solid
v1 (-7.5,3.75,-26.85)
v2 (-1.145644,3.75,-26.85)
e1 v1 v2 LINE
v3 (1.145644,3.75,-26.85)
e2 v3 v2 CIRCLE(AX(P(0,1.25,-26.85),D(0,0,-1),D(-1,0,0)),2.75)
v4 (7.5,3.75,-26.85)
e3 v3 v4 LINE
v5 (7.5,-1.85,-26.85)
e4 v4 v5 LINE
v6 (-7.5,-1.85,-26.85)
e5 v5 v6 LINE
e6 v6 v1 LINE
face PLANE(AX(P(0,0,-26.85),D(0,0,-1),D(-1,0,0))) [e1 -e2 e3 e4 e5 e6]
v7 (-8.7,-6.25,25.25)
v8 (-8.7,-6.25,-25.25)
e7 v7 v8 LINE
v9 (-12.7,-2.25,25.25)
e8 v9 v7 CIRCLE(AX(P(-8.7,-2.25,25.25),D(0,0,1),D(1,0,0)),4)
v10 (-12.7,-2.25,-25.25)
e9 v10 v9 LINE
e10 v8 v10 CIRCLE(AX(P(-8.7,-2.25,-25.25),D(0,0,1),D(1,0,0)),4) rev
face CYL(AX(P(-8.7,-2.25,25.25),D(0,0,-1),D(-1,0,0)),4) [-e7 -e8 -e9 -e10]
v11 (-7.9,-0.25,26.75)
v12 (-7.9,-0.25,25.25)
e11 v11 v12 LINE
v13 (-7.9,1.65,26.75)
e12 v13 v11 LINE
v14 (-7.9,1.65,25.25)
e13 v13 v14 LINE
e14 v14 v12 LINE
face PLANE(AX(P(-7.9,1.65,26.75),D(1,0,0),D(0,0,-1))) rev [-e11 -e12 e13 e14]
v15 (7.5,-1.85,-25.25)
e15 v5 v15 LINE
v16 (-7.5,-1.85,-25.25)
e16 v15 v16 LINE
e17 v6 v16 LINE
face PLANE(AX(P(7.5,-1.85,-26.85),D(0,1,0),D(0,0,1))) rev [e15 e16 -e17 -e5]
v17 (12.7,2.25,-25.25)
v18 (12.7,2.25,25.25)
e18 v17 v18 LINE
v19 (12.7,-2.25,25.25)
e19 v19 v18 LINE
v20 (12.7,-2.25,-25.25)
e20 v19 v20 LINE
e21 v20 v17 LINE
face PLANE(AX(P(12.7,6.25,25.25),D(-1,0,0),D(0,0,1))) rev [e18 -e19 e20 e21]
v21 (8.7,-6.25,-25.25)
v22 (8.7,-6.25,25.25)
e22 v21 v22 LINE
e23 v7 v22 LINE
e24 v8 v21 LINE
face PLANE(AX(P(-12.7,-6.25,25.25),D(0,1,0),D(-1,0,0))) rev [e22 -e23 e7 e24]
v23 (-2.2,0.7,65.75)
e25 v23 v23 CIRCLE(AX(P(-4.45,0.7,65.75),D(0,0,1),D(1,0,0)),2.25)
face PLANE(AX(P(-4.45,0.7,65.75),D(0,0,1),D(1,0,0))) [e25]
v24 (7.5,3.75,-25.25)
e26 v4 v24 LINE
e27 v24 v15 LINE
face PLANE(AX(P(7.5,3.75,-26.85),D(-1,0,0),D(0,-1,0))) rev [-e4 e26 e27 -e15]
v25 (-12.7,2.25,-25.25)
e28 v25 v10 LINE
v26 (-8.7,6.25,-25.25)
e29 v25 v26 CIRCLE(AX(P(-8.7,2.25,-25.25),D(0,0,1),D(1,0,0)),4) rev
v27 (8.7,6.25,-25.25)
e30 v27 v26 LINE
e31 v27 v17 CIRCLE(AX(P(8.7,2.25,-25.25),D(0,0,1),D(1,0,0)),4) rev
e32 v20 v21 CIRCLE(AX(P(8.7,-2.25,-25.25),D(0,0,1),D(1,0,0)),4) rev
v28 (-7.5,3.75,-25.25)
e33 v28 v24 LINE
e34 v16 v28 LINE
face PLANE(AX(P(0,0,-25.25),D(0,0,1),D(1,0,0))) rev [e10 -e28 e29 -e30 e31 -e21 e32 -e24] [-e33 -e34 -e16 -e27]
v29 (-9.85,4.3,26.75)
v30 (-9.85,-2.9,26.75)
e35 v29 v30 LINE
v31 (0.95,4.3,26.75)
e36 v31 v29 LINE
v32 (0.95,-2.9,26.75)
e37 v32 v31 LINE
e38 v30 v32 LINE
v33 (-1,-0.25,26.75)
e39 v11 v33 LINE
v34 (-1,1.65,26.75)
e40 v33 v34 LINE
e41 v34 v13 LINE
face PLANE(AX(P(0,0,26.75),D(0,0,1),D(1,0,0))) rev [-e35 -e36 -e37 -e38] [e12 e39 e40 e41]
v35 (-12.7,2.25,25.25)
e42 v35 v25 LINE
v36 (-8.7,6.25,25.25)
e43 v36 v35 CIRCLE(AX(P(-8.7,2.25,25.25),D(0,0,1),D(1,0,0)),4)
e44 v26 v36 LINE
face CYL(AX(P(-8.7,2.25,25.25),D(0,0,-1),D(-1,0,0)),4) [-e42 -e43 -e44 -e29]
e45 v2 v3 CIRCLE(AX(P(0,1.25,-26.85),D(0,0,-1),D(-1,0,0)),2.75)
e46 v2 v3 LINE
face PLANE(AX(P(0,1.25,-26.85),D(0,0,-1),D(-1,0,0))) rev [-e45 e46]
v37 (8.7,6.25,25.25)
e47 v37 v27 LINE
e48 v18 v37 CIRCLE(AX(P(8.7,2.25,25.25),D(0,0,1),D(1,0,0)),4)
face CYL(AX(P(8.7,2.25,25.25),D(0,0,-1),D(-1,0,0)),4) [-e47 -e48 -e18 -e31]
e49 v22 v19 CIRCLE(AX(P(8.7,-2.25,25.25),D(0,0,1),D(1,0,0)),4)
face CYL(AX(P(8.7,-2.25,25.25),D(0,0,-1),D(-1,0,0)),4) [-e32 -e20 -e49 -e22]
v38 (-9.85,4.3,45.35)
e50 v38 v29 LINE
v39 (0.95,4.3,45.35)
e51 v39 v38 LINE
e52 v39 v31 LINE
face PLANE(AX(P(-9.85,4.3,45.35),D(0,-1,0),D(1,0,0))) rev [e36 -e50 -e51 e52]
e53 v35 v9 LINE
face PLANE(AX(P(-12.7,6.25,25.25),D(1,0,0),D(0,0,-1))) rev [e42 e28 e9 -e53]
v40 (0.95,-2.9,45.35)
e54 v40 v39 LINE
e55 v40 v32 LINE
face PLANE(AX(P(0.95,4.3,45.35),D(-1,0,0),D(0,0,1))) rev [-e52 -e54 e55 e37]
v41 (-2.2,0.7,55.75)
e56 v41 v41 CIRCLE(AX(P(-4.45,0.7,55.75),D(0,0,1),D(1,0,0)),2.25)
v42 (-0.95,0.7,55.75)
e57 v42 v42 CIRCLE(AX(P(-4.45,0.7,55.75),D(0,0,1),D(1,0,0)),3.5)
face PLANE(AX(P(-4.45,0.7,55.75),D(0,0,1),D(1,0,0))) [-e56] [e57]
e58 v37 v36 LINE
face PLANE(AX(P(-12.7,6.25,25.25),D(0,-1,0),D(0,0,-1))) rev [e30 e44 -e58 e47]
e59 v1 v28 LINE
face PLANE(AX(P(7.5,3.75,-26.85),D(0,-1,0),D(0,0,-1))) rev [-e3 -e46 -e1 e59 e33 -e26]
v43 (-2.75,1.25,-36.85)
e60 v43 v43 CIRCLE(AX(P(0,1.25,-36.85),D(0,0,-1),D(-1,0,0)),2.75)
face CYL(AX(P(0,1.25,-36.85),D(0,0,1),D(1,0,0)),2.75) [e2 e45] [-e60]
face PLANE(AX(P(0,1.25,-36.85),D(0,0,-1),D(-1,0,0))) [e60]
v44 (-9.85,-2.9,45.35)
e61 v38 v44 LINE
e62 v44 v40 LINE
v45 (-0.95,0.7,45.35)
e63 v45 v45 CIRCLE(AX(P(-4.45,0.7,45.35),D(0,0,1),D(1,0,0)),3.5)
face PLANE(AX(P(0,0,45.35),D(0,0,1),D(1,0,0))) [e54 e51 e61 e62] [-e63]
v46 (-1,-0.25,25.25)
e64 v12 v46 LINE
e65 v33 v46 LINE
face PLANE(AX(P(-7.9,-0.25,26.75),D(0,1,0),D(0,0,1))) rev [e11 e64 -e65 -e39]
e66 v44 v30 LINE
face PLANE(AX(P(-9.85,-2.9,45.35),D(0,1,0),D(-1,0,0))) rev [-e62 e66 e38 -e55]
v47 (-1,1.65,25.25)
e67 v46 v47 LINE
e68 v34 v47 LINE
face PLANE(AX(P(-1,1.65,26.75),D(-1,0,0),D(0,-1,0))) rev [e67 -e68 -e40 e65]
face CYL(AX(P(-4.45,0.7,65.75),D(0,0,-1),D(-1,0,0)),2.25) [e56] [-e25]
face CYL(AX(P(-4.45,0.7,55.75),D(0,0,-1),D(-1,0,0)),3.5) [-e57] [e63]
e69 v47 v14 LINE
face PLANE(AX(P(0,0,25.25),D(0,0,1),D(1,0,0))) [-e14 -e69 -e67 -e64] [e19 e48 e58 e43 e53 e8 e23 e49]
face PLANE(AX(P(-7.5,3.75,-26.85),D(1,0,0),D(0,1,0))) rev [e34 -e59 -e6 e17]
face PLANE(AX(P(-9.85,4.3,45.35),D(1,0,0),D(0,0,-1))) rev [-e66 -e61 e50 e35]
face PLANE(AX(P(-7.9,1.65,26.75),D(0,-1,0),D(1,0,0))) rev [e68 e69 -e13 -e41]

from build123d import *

# Parameters (mm, degrees)
ESQUISSE1_W        = 25.4
ESQUISSE1_H        = 12.5
BOSS_EXTRU_1_DEPTH = 25.25
CONG_1_R           = 4
ESQUISSE2_W        = 6.9
ESQUISSE2_H        = 1.9
BOSS_EXTRU_2_DEPTH = 1.5
ESQUISSE3_W        = 10.8
ESQUISSE3_H        = 7.2
BOSS_EXTRU_3_DEPTH = 18.6
ESQUISSE4_R        = 3.5
BOSS_EXTRU_4_DEPTH = 10.4
ESQUISSE5_R        = 2.25
BOSS_EXTRU_5_DEPTH = 10
ESQUISSE7_W        = 15
ESQUISSE7_H        = 5.6
BOSS_EXTRU_7_DEPTH = 1.6
ESQUISSE6_R        = 2.75
BOSS_EXTRU_6_DEPTH = 10


with BuildPart() as part:
    # Esquisse1 → Boss.-Extru.1 (new, symmetric)
    with BuildSketch(Plane.XY):
        Rectangle(ESQUISSE1_W, ESQUISSE1_H)
    extrude(amount=BOSS_EXTRU_1_DEPTH, both=True)

    # Congé1
    cong_1_edges = [part.edges().sort_by_distance(p)[0] for p in [
        (-12.7, 6.25, 0),
        (12.7, 6.25, 0),
        (12.7, -6.25, 0),
        (-12.7, -6.25, 0),
    ]]
    fillet(cong_1_edges, radius=CONG_1_R)

    # Esquisse2 → Boss.-Extru.2 (add)
    with BuildSketch(Plane.XY.offset(25.25)):
        with Locations((-4.45, 0.7)):
            Rectangle(ESQUISSE2_W, ESQUISSE2_H)
    extrude(amount=BOSS_EXTRU_2_DEPTH)

    # Esquisse3 → Boss.-Extru.3 (add)
    with BuildSketch(Plane.XY.offset(26.75)):
        with Locations((-4.45, 0.7)):
            Rectangle(ESQUISSE3_W, ESQUISSE3_H)
    extrude(amount=BOSS_EXTRU_3_DEPTH)

    # Esquisse4 → Boss.-Extru.4 (add)
    with BuildSketch(Plane.XY.offset(45.35)):
        with Locations((-4.45, 0.7)):
            Circle(ESQUISSE4_R)
    extrude(amount=BOSS_EXTRU_4_DEPTH)

    # Esquisse5 → Boss.-Extru.5 (add)
    with BuildSketch(Plane.XY.offset(55.75)):
        with Locations((-4.45, 0.7)):
            Circle(ESQUISSE5_R)
    extrude(amount=BOSS_EXTRU_5_DEPTH)

    # Esquisse7 → Boss.-Extru.7 (add)
    with BuildSketch(Plane(origin=(0, 0, -25.25), x_dir=(-1, 0, 0), z_dir=(0, 0, -1))):
        with Locations((0, 0.95)):
            Rectangle(ESQUISSE7_W, ESQUISSE7_H)
    extrude(amount=BOSS_EXTRU_7_DEPTH)

    # Esquisse6 → Boss.-Extru.6 (add)
    with BuildSketch(Plane(origin=(0, 0, -26.85), x_dir=(-1, 0, 0), z_dir=(0, 0, -1))):
        with Locations(Location((0, 1.25, 0), (0, 0, 114.619977329))):
            Circle(ESQUISSE6_R)
    extrude(amount=BOSS_EXTRU_6_DEPTH)


solid = part.part
